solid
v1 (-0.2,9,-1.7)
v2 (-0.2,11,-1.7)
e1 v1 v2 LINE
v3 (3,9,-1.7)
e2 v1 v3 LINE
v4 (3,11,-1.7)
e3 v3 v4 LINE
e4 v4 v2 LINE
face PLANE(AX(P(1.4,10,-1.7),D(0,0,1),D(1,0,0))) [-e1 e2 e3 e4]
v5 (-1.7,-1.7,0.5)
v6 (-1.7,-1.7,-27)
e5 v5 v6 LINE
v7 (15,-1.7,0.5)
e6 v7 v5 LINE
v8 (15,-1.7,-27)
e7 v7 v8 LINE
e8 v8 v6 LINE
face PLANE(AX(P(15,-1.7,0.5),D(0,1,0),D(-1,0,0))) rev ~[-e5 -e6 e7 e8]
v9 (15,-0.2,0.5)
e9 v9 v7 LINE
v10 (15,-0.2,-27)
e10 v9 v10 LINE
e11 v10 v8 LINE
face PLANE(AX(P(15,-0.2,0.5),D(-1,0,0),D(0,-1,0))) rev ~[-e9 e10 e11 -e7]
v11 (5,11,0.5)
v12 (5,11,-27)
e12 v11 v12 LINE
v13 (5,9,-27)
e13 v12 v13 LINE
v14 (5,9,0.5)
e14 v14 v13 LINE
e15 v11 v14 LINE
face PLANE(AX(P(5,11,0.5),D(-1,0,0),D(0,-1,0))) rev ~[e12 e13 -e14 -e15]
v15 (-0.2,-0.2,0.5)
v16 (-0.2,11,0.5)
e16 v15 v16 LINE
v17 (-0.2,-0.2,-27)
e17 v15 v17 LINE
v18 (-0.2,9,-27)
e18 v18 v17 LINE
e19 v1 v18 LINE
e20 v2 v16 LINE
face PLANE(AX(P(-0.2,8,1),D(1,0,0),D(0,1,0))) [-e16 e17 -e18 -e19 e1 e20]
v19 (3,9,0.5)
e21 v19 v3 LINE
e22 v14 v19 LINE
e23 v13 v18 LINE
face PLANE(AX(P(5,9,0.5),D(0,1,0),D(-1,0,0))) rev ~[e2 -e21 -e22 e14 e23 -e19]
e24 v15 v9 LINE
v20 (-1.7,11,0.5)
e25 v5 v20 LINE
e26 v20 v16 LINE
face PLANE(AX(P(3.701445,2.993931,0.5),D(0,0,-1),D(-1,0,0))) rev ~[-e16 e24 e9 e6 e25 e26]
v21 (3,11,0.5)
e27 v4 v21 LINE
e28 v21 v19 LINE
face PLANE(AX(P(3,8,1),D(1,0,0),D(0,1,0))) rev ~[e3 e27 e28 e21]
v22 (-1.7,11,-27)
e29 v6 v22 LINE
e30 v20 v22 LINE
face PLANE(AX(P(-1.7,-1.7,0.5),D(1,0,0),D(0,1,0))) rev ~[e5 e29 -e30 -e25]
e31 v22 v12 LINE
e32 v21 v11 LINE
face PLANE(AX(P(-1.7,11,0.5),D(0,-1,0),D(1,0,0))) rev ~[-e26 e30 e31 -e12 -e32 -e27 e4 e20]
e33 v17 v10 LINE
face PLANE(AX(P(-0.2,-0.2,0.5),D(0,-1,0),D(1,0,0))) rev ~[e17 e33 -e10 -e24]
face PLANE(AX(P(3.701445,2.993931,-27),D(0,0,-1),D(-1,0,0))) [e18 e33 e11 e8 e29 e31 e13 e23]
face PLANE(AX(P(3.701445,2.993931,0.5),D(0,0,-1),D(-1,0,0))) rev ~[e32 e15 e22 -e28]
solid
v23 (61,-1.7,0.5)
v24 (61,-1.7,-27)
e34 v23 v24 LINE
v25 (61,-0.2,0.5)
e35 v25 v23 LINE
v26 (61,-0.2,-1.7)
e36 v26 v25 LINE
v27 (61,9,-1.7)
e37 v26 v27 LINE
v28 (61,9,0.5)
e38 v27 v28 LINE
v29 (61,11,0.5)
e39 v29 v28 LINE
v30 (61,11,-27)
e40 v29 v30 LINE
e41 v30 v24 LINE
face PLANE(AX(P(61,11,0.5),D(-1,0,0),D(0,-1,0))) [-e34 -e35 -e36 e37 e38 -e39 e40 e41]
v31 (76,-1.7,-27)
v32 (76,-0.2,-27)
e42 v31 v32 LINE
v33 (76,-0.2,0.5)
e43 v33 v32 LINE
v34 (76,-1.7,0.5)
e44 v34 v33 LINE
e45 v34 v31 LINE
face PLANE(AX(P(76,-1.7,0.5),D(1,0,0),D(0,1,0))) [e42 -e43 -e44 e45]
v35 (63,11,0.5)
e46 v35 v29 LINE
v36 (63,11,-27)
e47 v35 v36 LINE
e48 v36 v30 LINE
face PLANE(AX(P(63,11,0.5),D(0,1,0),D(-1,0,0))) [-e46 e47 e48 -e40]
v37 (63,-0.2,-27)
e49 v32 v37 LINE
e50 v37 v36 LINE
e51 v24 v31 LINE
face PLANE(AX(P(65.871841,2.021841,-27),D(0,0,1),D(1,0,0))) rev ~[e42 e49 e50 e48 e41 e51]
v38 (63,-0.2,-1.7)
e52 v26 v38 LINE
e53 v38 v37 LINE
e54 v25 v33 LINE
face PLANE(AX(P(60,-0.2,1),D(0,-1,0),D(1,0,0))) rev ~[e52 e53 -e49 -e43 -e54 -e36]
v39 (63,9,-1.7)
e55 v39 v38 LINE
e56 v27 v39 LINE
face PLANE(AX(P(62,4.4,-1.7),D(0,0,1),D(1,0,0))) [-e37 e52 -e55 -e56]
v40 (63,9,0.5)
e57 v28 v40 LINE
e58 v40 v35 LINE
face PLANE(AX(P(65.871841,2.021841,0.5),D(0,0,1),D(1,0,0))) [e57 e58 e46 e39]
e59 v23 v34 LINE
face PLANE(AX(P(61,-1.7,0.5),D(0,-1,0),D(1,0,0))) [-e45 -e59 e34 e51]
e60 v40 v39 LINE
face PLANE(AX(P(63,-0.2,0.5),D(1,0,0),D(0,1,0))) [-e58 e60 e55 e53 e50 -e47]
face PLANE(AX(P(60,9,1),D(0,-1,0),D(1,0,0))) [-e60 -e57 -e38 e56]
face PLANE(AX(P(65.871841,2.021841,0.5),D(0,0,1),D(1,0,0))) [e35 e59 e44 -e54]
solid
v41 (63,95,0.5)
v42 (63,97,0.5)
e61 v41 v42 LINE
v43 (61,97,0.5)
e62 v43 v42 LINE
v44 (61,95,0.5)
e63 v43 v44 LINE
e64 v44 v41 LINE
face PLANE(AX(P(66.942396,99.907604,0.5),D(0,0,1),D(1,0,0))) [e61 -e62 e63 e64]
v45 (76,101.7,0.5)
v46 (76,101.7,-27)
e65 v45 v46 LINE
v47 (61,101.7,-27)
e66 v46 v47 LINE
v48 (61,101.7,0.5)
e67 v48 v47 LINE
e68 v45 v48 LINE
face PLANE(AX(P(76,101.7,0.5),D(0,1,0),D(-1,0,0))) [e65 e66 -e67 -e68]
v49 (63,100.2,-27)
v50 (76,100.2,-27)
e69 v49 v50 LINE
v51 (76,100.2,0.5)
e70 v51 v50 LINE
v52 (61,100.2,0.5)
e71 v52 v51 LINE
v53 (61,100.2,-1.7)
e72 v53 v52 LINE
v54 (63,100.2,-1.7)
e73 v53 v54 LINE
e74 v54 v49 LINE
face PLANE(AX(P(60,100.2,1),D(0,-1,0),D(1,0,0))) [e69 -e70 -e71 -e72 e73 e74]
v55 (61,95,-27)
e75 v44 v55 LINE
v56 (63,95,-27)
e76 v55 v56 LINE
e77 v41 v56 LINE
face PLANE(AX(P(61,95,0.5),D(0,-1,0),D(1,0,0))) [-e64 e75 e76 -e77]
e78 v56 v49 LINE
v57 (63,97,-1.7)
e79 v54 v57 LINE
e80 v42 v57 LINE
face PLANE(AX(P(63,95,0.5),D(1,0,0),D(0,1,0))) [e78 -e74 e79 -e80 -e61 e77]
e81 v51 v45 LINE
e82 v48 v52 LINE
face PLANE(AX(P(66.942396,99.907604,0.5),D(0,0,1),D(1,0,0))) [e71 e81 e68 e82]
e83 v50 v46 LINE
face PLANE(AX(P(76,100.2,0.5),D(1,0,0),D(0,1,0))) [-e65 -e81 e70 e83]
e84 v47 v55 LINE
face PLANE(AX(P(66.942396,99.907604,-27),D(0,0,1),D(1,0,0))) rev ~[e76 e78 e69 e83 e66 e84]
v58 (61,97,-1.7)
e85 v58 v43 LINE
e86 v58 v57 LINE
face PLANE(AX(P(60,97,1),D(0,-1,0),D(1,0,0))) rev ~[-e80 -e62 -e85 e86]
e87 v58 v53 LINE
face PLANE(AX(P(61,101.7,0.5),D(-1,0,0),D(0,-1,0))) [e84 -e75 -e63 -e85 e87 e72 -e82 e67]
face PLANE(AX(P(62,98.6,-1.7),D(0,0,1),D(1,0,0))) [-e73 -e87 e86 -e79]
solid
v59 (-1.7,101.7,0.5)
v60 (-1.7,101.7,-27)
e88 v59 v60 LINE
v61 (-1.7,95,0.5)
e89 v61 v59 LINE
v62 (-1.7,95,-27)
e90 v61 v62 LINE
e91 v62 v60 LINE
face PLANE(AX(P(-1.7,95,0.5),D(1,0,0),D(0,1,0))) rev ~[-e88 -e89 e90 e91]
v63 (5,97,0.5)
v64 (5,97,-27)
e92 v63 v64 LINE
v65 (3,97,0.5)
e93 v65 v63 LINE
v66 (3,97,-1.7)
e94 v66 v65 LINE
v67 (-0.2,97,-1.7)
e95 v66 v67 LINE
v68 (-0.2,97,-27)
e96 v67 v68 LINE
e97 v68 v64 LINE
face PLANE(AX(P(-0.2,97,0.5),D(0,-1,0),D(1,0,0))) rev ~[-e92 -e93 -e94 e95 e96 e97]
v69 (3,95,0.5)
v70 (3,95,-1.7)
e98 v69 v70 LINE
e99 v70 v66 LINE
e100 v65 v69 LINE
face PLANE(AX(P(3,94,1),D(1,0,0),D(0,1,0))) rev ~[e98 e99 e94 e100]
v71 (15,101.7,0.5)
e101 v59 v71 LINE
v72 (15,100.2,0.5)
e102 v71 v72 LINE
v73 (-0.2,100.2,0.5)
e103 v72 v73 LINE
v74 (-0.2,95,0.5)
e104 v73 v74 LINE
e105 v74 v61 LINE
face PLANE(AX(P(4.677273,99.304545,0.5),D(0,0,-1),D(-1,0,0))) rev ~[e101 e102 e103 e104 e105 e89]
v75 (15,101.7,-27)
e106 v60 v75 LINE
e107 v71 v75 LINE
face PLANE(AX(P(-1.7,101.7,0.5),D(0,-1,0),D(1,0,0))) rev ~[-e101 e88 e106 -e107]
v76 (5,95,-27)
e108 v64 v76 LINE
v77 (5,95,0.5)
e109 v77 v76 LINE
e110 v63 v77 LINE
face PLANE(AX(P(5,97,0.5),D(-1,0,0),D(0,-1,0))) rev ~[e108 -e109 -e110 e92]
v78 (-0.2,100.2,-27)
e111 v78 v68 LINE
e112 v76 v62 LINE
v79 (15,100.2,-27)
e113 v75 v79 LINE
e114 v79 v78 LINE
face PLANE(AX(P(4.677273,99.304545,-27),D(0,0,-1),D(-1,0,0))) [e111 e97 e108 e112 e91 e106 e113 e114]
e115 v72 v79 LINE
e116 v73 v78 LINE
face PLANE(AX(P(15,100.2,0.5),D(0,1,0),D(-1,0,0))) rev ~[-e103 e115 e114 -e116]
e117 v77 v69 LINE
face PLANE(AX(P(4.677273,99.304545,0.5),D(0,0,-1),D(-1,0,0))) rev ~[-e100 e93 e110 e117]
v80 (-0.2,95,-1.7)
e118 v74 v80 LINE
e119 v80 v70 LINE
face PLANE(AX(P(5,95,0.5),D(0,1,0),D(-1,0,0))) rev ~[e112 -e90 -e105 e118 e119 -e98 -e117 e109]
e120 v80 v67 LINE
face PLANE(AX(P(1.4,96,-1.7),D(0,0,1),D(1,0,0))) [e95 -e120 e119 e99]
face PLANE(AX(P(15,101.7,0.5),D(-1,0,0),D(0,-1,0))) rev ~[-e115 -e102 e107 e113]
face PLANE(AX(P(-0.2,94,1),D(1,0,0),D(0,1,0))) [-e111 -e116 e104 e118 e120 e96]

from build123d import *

# Parameters (mm, degrees)
SKETCH070_W      = 3.2
SKETCH070_H      = 4
SKETCH070_W_2    = 4
SKETCH070_H_2    = 3.2
SKETCH070_H_3    = 9.2
EXTRUDE060_DEPTH = 2.7
EXTRUDE059_DEPTH = 27.5


with BuildPart() as extrude060:
    # Sketch070 → Extrude060 (new body)
    with BuildSketch(Plane.XY.offset(1)):
        with Locations((1.4, 96)):
            Rectangle(SKETCH070_W, SKETCH070_H)
        with Locations((62, 98.6)):
            Rectangle(SKETCH070_W_2, SKETCH070_H_2)
        with Locations((1.4, 10)):
            Rectangle(SKETCH070_W, SKETCH070_H)
        with Locations((62, 4.4)):
            Rectangle(SKETCH070_W_2, SKETCH070_H_3)
    extrude(amount=-EXTRUDE060_DEPTH)


with BuildPart() as jetson_align:
    # Sketch069 → Extrude059 (new body)
    with BuildSketch(Plane.XY.offset(0.5)):
        Polygon((5, 95), (-1.7, 95), (-1.7, 101.7), (15, 101.7), (15, 100.2), (-0.2, 100.2), (-0.2, 97), (5, 97), align=None)
        Polygon((5, 11), (5, 9), (-0.2, 9), (-0.2, -0.2), (15, -0.2), (15, -1.7), (-1.7, -1.7), (-1.7, 11), align=None)
        Polygon((61, 95), (63, 95), (63, 100.2), (76, 100.2), (76, 101.7), (61, 101.7), align=None)
        Polygon((61, 11), (61, -1.7), (76, -1.7), (76, -0.2), (63, -0.2), (63, 11), align=None)
    extrude(amount=-EXTRUDE059_DEPTH)

    # Cut: cut Extrude060
    add(extrude060.part, mode=Mode.SUBTRACT)


solid = jetson_align.part
